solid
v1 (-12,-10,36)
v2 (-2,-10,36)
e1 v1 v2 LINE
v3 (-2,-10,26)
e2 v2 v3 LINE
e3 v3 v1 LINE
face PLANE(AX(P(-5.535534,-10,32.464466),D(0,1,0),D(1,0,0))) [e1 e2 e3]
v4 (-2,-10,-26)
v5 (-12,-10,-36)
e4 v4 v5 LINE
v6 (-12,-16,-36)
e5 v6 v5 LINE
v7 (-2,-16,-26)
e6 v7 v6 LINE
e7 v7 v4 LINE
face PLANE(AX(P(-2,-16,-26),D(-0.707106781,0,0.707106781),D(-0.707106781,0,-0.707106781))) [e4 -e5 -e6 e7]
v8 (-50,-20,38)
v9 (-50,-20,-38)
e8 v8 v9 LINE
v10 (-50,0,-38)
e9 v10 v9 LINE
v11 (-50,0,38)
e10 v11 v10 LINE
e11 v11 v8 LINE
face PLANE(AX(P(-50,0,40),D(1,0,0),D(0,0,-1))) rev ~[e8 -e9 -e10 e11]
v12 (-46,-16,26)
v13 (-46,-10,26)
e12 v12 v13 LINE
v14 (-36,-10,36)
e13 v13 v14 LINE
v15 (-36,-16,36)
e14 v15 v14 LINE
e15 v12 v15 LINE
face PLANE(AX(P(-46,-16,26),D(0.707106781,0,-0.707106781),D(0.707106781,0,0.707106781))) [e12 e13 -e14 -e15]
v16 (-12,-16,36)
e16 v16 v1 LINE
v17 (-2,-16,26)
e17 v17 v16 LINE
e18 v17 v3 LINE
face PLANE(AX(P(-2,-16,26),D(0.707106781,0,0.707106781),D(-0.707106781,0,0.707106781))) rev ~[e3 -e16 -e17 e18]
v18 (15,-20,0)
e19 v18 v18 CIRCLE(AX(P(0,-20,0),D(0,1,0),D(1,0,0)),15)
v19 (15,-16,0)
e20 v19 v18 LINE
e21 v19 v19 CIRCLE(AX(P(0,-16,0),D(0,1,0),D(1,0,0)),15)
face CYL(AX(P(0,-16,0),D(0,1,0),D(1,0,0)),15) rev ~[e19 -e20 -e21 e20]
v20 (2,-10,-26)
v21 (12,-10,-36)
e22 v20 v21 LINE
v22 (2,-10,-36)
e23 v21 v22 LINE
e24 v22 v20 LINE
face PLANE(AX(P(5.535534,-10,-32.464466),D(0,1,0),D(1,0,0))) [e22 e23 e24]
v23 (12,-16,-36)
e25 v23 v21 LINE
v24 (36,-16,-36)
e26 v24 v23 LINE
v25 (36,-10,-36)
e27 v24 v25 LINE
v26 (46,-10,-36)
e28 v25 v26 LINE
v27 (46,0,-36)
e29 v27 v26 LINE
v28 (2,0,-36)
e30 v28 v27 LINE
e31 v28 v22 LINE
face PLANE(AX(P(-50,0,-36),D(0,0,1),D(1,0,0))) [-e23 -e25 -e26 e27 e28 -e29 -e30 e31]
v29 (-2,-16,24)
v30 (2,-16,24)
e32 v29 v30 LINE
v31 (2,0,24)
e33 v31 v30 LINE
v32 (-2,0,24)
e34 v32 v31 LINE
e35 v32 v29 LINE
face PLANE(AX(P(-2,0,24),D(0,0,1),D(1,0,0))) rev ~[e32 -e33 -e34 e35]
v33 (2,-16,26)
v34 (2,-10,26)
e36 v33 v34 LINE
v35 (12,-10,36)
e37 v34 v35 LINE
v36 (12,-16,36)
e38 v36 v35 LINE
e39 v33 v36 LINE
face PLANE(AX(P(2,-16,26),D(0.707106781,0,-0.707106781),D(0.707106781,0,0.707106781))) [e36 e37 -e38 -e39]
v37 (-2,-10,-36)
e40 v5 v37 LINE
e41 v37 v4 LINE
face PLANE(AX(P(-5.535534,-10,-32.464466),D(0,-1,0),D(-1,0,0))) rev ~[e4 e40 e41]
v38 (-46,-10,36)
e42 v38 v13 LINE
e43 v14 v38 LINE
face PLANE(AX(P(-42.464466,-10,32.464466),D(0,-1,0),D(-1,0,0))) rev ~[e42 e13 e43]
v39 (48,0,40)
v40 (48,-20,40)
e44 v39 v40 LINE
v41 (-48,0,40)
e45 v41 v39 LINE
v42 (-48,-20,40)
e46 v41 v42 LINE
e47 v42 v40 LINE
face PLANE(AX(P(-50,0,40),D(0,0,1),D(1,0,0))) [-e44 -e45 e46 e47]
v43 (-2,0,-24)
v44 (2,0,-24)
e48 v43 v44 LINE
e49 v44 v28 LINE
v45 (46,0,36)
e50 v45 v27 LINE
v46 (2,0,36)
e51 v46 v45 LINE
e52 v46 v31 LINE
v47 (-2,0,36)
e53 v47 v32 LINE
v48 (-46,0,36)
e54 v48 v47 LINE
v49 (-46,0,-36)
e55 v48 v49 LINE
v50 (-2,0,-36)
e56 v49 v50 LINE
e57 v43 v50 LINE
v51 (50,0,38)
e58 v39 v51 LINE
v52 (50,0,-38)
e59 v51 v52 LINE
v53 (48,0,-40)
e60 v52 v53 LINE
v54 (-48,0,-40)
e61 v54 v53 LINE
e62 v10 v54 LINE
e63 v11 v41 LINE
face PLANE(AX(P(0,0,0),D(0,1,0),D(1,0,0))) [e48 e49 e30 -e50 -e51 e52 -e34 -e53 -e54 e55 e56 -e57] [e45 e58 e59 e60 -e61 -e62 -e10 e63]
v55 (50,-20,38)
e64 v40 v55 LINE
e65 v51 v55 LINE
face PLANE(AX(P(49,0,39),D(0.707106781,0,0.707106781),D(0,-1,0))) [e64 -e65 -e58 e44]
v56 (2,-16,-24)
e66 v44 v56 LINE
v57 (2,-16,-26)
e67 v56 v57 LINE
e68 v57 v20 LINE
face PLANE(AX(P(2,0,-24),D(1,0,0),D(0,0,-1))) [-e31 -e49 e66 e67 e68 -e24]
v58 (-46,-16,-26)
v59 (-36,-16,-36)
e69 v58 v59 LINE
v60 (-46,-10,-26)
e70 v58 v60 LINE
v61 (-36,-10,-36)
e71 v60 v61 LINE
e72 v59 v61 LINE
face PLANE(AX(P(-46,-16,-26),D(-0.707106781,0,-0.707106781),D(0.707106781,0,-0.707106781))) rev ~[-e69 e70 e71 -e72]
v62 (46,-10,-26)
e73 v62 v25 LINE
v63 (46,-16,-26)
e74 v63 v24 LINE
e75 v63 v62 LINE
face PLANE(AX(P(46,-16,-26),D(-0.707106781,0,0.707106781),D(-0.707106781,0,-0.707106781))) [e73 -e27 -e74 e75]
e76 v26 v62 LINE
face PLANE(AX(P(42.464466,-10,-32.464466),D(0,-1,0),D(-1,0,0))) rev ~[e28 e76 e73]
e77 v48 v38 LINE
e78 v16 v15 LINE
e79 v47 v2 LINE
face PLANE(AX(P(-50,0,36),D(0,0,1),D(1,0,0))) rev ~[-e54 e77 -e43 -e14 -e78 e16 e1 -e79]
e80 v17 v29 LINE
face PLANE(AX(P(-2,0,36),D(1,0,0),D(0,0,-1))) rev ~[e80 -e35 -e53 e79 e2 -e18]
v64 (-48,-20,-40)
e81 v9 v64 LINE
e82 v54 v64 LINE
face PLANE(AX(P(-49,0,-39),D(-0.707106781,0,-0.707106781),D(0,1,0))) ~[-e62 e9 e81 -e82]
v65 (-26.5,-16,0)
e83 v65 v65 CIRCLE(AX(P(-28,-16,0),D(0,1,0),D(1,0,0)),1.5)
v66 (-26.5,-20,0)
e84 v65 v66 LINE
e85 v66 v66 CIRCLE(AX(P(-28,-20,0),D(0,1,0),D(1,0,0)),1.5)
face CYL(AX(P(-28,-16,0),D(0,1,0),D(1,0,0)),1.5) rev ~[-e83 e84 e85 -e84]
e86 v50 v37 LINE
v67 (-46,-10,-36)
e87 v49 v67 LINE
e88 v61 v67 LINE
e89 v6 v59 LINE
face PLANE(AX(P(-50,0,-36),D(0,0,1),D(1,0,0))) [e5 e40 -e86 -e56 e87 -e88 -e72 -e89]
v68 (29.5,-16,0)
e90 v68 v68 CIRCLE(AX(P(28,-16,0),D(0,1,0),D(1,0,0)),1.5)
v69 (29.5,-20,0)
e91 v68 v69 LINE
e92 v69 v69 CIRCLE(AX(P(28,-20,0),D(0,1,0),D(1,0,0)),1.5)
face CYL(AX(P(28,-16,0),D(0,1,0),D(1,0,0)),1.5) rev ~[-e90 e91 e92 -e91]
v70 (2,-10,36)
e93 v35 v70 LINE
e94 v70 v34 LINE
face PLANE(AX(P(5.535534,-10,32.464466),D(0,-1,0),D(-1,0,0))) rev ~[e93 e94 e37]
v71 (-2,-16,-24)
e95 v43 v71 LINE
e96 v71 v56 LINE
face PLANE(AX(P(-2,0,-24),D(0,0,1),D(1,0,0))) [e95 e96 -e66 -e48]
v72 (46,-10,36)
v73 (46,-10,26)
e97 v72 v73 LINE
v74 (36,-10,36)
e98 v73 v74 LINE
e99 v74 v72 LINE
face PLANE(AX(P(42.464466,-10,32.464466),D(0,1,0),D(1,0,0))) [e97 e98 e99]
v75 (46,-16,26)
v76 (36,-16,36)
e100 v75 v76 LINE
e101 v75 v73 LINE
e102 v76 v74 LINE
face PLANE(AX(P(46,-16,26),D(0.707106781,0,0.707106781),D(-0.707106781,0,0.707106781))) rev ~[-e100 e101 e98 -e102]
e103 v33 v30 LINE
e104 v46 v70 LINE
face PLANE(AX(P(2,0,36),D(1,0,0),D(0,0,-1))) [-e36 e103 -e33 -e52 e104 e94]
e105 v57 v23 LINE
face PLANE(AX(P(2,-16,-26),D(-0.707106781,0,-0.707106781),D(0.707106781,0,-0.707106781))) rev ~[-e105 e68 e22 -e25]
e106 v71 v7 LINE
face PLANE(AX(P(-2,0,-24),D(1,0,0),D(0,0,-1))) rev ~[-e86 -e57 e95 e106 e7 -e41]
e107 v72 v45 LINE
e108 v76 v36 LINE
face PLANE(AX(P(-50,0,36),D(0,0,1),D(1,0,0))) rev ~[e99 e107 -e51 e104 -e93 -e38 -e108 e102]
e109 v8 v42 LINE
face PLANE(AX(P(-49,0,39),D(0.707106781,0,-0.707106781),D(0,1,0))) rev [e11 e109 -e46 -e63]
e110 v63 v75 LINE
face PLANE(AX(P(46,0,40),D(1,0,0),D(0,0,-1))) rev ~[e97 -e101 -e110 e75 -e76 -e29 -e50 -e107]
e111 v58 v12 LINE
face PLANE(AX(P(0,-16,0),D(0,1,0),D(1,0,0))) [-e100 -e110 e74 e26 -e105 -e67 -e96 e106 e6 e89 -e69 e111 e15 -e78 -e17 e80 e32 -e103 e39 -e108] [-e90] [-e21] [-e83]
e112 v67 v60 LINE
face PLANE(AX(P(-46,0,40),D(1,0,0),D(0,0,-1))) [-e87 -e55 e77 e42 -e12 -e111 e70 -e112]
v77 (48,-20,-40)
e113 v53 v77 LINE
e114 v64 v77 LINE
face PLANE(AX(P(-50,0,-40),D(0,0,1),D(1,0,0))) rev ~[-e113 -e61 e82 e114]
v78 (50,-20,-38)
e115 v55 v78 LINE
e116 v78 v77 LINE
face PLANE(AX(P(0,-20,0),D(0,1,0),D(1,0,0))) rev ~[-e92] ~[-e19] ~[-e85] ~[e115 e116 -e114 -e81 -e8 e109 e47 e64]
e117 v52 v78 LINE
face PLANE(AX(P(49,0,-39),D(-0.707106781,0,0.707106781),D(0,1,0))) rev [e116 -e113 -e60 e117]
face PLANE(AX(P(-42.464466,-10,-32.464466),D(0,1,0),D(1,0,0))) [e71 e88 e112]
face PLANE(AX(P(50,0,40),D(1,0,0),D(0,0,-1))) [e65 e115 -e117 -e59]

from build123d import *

# Parameters (mm, degrees)
SKETCH1_W           = 100
SKETCH1_H           = 80
BOSS_EXTRUDE1_DEPTH = 20
SHELL2_T            = -4
SKETCH14_W          = 4
SKETCH14_H          = 12
BOSS_EXTRUDE5_DEPTH = 16
SKETCH5_R           = 15
CUT_EXTRUDE1_DEPTH  = 5
BOSS_EXTRUDE6_DEPTH = 6
CHAMFER1_SIZE       = 2
SKETCH16_R          = 1.5
CUT_EXTRUDE2_DEPTH  = 4


with BuildPart() as part:
    # Sketch1 → Boss-Extrude1 (new body)
    with BuildSketch(Plane(origin=(0, 0, 0), x_dir=(1, 0, 0), z_dir=(0, 1, 0))):
        Rectangle(SKETCH1_W, SKETCH1_H)
    extrude(amount=-BOSS_EXTRUDE1_DEPTH)

    # Shell2
    shell2_openings = [part.faces().sort_by_distance(p)[0] for p in [
        (0, 0, 0),
    ]]
    offset(amount=SHELL2_T, openings=shell2_openings, kind=Kind.INTERSECTION)

    # Sketch14 → Boss-Extrude5 (add)
    with BuildSketch(Plane(origin=(0, 0, 0), x_dir=(1, 0, 0), z_dir=(0, 1, 0))):
        with Locations((0, -30)):
            Rectangle(SKETCH14_W, SKETCH14_H)
        with Locations((0, 30)):
            Rectangle(SKETCH14_W, SKETCH14_H)
    extrude(amount=-BOSS_EXTRUDE5_DEPTH)

    # Sketch5 → Cut-Extrude1 (cut, through all)
    with BuildSketch(Plane(origin=(0, -16, 0), x_dir=(1, 0, 0), z_dir=(0, 1, 0))):
        Circle(SKETCH5_R)
    extrude(amount=-CUT_EXTRUDE1_DEPTH, mode=Mode.SUBTRACT)

    # Sketch15 → Boss-Extrude6 (add)
    with BuildSketch(Plane(origin=(0, -16, 0), x_dir=(1, 0, 0), z_dir=(0, 1, 0))):
        Polygon((-46, 36), (-46, 26), (-36, 36), align=None)
        Polygon((-2, 36), (-2, 26), (-12, 36), align=None)
        Polygon((-2, -26), (-12, -36), (-2, -36), align=None)
        Polygon((-46, -26), (-36, -36), (-46, -36), align=None)
        Polygon((2, -36), (2, -26), (12, -36), align=None)
        Polygon((46, -36), (46, -26), (36, -36), align=None)
        Polygon((2, 26), (12, 36), (2, 36), align=None)
        Polygon((46, 26), (36, 36), (46, 36), align=None)
    extrude(amount=BOSS_EXTRUDE6_DEPTH)

    # Chamfer1
    chamfer1_edges = [part.edges().sort_by_distance(p)[0] for p in [
        (-50, -10, -40),
        (50, -10, -40),
        (50, -10, 40),
        (-50, -10, 40),
    ]]
    chamfer(chamfer1_edges, length=CHAMFER1_SIZE)

    # Sketch16 → Cut-Extrude2 (cut)
    with BuildSketch(Plane(origin=(0, -16, 0), x_dir=(1, 0, 0), z_dir=(0, 1, 0))):
        with Locations((-28, 0)):
            Circle(SKETCH16_R)
        with Locations((28, 0)):
            Circle(SKETCH16_R)
    extrude(amount=-CUT_EXTRUDE2_DEPTH, mode=Mode.SUBTRACT)


solid = part.part
